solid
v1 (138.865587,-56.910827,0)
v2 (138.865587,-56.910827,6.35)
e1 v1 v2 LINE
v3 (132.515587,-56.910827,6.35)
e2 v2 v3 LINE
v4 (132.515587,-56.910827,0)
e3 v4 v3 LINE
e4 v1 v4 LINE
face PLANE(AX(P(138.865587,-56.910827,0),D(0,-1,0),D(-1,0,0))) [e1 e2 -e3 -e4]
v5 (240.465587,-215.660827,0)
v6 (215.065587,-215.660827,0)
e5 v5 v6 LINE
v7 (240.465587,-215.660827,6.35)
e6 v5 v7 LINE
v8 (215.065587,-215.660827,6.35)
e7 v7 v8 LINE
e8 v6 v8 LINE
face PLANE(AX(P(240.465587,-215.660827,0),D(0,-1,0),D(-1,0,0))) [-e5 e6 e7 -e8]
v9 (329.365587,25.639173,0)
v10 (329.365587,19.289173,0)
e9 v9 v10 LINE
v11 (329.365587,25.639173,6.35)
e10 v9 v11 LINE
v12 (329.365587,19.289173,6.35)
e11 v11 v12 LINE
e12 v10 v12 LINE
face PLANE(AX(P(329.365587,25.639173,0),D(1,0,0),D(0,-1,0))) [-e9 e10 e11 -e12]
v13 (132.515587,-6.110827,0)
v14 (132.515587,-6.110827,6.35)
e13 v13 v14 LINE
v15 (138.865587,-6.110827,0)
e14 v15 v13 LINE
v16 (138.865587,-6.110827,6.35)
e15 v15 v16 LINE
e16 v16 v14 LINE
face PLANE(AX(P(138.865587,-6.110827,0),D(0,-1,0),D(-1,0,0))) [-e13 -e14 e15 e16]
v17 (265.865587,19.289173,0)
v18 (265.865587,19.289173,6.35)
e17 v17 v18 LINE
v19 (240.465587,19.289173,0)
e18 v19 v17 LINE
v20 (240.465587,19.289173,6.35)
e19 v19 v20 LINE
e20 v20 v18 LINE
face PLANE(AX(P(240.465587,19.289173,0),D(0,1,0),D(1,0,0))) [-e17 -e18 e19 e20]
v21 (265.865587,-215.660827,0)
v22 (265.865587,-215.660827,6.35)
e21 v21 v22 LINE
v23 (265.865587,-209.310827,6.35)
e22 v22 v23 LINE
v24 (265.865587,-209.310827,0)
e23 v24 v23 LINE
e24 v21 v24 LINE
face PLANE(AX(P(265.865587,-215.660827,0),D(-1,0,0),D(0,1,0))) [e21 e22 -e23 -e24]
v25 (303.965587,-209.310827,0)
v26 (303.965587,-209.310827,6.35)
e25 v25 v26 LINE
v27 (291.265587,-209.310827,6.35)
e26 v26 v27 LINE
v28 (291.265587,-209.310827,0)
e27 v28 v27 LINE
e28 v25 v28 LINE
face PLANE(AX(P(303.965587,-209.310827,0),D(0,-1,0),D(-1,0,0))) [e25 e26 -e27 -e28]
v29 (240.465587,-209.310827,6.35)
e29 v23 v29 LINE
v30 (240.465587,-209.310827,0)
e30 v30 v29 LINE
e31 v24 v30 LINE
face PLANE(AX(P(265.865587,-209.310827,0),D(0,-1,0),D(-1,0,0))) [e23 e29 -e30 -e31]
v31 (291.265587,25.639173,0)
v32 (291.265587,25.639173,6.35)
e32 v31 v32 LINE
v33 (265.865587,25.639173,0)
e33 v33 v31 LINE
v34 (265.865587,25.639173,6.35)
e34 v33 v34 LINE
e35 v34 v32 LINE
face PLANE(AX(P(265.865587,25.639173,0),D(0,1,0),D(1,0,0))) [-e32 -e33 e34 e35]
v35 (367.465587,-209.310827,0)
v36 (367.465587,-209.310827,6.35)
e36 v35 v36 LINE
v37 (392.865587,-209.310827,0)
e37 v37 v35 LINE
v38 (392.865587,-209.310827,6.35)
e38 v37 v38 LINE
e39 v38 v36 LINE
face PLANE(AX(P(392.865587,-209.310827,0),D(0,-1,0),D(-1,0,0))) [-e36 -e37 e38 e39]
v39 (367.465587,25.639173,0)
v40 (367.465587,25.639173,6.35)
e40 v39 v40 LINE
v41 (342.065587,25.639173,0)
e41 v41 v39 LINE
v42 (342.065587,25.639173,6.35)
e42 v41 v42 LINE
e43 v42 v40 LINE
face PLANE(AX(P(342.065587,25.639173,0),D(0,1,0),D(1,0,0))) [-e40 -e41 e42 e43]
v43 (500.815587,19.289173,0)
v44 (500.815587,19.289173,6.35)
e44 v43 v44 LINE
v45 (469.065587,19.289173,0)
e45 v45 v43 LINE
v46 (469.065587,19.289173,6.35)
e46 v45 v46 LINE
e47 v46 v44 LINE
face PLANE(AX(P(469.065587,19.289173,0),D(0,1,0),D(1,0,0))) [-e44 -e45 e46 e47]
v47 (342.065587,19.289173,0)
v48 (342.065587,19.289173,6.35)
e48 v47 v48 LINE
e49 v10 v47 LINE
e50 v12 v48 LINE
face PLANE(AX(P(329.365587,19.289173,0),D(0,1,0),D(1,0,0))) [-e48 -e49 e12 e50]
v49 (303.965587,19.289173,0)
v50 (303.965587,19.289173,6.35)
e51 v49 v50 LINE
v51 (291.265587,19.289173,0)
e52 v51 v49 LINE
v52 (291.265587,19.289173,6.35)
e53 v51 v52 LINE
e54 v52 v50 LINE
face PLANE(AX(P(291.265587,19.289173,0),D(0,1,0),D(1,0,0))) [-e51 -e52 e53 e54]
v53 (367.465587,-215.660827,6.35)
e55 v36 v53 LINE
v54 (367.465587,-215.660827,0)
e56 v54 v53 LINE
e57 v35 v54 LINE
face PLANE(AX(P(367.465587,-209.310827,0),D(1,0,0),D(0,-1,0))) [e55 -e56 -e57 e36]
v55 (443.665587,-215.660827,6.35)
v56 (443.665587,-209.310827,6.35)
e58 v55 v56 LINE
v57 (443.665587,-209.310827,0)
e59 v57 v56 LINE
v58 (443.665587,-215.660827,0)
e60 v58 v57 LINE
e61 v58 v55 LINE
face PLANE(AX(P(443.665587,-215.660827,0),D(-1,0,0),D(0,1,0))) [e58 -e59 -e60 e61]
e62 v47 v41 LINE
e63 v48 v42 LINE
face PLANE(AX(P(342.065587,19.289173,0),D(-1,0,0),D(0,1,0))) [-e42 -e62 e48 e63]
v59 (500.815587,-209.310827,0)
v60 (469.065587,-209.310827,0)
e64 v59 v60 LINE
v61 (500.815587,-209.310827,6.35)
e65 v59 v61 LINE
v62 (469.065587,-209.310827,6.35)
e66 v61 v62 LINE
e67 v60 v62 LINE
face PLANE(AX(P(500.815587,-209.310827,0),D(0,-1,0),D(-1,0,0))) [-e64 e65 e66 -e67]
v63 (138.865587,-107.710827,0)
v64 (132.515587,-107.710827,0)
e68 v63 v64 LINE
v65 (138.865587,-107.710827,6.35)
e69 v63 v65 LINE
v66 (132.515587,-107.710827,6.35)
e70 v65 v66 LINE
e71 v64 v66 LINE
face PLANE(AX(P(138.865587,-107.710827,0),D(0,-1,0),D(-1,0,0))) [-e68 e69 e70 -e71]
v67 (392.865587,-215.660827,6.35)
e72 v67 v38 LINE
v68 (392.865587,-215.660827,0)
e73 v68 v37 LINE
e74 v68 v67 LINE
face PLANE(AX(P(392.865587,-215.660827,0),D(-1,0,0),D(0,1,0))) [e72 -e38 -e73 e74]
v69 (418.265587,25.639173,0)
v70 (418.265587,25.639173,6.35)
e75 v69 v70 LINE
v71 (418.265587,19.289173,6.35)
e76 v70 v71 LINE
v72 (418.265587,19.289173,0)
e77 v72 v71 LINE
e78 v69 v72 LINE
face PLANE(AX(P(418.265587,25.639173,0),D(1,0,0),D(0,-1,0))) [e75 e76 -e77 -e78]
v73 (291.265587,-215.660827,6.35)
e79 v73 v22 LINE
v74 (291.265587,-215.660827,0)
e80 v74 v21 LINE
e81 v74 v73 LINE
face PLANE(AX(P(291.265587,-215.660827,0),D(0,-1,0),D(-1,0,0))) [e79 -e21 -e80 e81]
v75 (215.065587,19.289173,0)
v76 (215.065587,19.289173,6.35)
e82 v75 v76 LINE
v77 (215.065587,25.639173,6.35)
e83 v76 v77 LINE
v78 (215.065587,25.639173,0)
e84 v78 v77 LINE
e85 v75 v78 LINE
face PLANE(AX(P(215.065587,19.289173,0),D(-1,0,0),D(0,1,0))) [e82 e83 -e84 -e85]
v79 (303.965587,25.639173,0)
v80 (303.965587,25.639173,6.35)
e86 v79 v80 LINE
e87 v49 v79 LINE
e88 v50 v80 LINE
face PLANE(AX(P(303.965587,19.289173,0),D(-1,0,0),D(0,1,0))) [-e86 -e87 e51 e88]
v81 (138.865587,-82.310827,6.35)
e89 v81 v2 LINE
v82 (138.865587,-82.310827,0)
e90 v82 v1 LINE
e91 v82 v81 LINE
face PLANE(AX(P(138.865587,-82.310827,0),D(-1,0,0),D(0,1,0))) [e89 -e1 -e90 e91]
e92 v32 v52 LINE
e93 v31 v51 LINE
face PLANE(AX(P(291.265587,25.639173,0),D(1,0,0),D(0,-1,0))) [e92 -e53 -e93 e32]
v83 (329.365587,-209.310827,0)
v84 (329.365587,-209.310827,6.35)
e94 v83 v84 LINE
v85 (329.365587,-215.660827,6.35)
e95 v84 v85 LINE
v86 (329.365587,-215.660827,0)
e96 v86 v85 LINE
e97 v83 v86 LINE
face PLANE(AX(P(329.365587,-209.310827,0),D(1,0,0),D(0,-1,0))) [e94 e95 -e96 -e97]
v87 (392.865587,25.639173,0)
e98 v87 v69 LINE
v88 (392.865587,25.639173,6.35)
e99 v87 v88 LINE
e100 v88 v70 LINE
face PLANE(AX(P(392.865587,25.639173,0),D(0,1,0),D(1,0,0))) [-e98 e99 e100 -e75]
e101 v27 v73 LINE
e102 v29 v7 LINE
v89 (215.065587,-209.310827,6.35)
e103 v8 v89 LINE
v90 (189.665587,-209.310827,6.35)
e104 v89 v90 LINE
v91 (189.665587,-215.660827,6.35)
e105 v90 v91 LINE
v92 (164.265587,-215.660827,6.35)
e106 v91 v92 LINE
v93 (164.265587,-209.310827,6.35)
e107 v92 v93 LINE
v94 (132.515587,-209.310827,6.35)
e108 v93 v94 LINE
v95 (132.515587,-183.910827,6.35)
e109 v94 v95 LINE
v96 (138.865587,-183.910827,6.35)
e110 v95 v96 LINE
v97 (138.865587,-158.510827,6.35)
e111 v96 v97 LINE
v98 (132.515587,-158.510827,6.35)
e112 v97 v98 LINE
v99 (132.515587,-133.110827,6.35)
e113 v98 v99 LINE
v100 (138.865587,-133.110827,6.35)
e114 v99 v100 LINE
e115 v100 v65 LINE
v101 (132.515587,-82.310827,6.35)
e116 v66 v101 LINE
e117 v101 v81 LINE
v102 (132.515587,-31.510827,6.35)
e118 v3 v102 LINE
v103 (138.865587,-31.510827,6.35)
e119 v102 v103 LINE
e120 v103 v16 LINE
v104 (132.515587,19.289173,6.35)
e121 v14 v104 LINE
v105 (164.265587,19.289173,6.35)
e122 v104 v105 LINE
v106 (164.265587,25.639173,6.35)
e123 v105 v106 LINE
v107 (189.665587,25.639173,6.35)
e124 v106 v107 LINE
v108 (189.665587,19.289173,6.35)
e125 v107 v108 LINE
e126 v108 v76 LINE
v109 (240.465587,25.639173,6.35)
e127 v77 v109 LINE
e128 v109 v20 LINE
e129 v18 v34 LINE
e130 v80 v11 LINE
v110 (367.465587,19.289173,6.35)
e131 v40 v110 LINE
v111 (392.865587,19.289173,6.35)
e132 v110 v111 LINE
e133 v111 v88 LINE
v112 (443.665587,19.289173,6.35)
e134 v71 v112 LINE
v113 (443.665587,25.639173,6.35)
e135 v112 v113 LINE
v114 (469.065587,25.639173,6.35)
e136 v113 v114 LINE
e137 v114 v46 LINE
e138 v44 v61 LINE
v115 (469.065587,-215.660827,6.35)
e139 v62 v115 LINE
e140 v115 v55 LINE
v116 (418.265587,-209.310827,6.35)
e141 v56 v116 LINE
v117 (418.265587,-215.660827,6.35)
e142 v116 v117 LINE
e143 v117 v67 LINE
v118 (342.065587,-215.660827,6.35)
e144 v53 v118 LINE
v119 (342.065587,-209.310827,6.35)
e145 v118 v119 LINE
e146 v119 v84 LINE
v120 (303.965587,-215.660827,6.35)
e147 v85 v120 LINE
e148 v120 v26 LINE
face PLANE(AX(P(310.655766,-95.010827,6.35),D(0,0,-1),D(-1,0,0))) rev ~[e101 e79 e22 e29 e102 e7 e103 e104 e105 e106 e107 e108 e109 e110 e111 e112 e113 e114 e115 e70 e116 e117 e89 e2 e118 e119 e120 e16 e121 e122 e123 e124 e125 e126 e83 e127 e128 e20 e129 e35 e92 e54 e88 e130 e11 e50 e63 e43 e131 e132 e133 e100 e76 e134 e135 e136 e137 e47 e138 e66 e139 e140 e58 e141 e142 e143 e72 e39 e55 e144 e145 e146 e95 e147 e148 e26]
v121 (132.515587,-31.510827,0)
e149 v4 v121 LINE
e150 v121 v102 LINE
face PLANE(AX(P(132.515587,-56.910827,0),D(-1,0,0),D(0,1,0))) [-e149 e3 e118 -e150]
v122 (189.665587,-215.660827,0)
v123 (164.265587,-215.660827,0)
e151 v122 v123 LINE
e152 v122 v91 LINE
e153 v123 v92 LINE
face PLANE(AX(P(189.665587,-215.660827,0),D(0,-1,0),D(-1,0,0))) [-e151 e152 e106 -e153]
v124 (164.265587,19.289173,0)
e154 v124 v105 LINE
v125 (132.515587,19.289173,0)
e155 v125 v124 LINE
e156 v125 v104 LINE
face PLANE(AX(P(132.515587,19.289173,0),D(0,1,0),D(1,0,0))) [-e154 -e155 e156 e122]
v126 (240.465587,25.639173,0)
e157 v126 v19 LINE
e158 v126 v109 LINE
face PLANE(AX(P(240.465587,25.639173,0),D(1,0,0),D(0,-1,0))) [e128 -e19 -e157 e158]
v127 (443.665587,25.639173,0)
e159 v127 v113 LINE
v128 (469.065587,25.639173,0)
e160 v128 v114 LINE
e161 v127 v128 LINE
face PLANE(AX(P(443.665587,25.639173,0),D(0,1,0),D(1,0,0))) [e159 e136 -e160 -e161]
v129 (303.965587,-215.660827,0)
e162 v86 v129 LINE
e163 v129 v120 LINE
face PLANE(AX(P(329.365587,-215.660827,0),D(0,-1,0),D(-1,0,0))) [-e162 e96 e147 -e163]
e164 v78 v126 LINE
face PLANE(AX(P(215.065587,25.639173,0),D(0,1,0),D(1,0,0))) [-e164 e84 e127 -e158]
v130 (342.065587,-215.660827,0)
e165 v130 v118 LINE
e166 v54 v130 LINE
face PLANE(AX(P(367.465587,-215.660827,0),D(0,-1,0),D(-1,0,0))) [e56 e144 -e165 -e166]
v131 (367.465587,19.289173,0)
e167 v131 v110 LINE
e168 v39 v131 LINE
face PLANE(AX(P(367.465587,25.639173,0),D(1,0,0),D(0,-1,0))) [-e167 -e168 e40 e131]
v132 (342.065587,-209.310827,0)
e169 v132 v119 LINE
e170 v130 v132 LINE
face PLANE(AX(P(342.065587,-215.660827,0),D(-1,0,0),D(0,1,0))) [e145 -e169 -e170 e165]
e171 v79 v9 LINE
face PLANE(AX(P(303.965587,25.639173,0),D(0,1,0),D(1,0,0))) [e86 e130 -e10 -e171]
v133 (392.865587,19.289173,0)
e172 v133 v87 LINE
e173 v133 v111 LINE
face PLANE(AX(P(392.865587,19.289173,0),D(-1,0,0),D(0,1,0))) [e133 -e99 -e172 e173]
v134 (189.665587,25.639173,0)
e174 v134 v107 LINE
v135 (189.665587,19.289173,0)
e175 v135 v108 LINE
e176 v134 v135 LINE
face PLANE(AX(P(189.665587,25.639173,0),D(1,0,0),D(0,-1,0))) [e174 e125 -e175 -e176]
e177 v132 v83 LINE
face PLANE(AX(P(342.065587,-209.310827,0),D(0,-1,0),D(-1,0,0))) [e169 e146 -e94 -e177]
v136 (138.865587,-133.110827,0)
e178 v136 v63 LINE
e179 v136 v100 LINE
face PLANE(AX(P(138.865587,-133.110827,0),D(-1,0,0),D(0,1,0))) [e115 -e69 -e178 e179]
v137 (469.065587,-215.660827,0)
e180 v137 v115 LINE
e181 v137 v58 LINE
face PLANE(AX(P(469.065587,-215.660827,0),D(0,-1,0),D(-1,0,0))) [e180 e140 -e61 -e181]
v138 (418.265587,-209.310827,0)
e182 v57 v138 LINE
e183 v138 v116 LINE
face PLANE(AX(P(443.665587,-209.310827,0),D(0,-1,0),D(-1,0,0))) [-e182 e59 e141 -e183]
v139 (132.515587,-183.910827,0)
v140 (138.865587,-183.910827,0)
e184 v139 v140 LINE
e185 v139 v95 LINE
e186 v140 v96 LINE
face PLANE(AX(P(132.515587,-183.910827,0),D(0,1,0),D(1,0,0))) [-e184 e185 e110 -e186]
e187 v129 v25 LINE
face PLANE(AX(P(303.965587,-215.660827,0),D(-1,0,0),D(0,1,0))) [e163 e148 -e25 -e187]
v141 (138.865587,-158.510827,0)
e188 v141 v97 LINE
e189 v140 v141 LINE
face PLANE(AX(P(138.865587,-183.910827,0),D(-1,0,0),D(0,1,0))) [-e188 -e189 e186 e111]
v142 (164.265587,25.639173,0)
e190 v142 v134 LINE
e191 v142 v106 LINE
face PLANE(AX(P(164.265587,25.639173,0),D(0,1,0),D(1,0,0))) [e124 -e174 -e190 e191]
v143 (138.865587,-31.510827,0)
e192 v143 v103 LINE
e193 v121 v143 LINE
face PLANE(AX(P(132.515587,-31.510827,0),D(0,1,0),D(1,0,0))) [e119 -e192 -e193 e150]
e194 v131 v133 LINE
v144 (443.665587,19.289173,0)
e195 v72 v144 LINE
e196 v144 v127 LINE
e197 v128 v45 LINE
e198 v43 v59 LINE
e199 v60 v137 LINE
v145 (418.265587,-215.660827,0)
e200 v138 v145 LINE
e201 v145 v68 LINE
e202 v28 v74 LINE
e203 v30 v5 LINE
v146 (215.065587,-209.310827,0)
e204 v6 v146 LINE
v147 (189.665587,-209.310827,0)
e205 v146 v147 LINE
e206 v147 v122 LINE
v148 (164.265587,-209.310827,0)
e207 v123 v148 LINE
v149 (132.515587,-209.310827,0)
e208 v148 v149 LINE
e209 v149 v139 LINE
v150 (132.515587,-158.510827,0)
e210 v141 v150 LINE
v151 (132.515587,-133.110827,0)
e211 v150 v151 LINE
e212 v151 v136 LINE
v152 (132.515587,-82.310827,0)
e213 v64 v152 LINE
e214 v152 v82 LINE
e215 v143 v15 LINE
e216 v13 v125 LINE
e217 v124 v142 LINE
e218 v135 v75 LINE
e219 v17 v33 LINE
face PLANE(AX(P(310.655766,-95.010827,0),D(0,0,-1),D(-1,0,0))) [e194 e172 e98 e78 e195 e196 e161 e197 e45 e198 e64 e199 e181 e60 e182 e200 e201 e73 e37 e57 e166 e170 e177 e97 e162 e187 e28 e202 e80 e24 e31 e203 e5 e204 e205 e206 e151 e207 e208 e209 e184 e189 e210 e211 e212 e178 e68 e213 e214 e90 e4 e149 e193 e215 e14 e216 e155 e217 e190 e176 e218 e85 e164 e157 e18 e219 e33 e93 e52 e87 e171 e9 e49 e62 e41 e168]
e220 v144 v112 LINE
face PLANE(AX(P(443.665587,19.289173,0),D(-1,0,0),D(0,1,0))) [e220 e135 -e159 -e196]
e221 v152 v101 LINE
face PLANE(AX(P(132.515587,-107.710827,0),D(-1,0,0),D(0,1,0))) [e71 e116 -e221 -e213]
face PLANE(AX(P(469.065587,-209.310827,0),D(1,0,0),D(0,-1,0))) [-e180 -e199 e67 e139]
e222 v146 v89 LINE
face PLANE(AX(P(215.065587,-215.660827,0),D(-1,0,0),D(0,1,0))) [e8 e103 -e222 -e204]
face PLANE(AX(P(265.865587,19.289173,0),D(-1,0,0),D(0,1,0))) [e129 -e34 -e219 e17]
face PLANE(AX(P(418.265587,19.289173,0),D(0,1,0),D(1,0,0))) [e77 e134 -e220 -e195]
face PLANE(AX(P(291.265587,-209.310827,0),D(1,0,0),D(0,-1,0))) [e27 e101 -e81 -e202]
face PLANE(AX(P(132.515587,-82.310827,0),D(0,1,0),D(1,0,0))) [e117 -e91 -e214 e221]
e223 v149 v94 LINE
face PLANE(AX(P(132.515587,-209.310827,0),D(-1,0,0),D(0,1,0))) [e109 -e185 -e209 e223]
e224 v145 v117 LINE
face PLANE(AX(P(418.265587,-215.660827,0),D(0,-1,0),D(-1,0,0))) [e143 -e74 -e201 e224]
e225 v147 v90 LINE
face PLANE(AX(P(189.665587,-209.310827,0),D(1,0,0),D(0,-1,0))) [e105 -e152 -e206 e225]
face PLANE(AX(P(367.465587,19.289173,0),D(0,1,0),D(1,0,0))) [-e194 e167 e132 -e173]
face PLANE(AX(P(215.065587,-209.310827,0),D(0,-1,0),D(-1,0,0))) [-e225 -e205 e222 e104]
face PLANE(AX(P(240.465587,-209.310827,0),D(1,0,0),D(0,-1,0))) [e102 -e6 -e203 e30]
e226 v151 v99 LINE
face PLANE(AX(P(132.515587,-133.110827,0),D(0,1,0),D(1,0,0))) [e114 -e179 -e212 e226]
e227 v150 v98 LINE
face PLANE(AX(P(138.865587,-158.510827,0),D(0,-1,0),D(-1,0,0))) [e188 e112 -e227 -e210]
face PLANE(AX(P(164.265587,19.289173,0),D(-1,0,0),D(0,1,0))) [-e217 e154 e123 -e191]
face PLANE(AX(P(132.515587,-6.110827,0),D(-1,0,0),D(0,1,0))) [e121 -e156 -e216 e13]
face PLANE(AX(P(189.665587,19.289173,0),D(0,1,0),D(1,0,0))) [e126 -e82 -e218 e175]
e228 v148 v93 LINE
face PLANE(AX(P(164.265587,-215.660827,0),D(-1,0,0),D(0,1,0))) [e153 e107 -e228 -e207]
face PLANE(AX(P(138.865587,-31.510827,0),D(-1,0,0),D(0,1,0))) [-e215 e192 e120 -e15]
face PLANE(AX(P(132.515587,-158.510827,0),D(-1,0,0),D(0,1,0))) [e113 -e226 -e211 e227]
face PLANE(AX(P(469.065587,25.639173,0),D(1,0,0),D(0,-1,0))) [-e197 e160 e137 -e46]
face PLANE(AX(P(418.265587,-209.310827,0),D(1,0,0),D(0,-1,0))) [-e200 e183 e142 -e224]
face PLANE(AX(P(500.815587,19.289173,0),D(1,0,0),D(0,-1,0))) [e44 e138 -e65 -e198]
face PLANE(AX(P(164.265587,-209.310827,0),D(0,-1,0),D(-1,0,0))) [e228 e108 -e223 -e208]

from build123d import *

# Parameters (mm, degrees)
EXTRUDE1_DEPTH = 6.35


with BuildPart() as part:
    # Sketch1 → Extrude1 (new body)
    with BuildSketch(Plane.XY):
        Polygon((132.515587146, 19.289172699), (164.265587146, 19.289172699), (164.265587146, 25.639172699), (189.665587146, 25.639172699), (189.665587146, 19.289172699), (215.065587146, 19.289172699), (215.065587146, 25.639172699), (240.465587146, 25.639172699), (240.465587146, 19.289172699), (265.865587146, 19.289172699), (265.865587146, 25.639172699), (291.265587146, 25.639172699), (291.265587146, 19.289172699), (303.965587146, 19.289172699), (303.965587146, 25.639172699), (329.365587146, 25.639172699), (329.365587146, 19.289172699), (342.065587146, 19.289172699), (342.065587146, 25.639172699), (367.465587146, 25.639172699), (367.465587146, 19.289172699), (392.865587146, 19.289172699), (392.865587146, 25.639172699), (418.265587146, 25.639172699), (418.265587146, 19.289172699), (443.665587146, 19.289172699), (443.665587146, 25.639172699), (469.065587146, 25.639172699), (469.065587146, 19.289172699), (500.815587146, 19.289172699), (500.815587146, -209.310827301), (469.065587146, -209.310827301), (469.065587146, -215.660827301), (443.665587146, -215.660827301), (443.665587146, -209.310827301), (418.265587146, -209.310827301), (418.265587146, -215.660827301), (392.865587146, -215.660827301), (392.865587146, -209.310827301), (367.465587146, -209.310827301), (367.465587146, -215.660827301), (342.065587146, -215.660827301), (342.065587146, -209.310827301), (329.365587146, -209.310827301), (329.365587146, -215.660827301), (303.965587146, -215.660827301), (303.965587146, -209.310827301), (291.265587146, -209.310827301), (291.265587146, -215.660827301), (265.865587146, -215.660827301), (265.865587146, -209.310827301), (240.465587146, -209.310827301), (240.465587146, -215.660827301), (215.065587146, -215.660827301), (215.065587146, -209.310827301), (189.665587146, -209.310827301), (189.665587146, -215.660827301), (164.265587146, -215.660827301), (164.265587146, -209.310827301), (132.515587146, -209.310827301), (132.515587146, -183.910827301), (138.865587146, -183.910827301), (138.865587146, -158.510827301), (132.515587146, -158.510827301), (132.515587146, -133.110827301), (138.865587146, -133.110827301), (138.865587146, -107.710827301), (132.515587146, -107.710827301), (132.515587146, -82.310827301), (138.865587146, -82.310827301), (138.865587146, -56.910827301), (132.515587146, -56.910827301), (132.515587146, -31.510827301), (138.865587146, -31.510827301), (138.865587146, -6.110827301), (132.515587146, -6.110827301), align=None)
    extrude(amount=EXTRUDE1_DEPTH)


solid = part.part
